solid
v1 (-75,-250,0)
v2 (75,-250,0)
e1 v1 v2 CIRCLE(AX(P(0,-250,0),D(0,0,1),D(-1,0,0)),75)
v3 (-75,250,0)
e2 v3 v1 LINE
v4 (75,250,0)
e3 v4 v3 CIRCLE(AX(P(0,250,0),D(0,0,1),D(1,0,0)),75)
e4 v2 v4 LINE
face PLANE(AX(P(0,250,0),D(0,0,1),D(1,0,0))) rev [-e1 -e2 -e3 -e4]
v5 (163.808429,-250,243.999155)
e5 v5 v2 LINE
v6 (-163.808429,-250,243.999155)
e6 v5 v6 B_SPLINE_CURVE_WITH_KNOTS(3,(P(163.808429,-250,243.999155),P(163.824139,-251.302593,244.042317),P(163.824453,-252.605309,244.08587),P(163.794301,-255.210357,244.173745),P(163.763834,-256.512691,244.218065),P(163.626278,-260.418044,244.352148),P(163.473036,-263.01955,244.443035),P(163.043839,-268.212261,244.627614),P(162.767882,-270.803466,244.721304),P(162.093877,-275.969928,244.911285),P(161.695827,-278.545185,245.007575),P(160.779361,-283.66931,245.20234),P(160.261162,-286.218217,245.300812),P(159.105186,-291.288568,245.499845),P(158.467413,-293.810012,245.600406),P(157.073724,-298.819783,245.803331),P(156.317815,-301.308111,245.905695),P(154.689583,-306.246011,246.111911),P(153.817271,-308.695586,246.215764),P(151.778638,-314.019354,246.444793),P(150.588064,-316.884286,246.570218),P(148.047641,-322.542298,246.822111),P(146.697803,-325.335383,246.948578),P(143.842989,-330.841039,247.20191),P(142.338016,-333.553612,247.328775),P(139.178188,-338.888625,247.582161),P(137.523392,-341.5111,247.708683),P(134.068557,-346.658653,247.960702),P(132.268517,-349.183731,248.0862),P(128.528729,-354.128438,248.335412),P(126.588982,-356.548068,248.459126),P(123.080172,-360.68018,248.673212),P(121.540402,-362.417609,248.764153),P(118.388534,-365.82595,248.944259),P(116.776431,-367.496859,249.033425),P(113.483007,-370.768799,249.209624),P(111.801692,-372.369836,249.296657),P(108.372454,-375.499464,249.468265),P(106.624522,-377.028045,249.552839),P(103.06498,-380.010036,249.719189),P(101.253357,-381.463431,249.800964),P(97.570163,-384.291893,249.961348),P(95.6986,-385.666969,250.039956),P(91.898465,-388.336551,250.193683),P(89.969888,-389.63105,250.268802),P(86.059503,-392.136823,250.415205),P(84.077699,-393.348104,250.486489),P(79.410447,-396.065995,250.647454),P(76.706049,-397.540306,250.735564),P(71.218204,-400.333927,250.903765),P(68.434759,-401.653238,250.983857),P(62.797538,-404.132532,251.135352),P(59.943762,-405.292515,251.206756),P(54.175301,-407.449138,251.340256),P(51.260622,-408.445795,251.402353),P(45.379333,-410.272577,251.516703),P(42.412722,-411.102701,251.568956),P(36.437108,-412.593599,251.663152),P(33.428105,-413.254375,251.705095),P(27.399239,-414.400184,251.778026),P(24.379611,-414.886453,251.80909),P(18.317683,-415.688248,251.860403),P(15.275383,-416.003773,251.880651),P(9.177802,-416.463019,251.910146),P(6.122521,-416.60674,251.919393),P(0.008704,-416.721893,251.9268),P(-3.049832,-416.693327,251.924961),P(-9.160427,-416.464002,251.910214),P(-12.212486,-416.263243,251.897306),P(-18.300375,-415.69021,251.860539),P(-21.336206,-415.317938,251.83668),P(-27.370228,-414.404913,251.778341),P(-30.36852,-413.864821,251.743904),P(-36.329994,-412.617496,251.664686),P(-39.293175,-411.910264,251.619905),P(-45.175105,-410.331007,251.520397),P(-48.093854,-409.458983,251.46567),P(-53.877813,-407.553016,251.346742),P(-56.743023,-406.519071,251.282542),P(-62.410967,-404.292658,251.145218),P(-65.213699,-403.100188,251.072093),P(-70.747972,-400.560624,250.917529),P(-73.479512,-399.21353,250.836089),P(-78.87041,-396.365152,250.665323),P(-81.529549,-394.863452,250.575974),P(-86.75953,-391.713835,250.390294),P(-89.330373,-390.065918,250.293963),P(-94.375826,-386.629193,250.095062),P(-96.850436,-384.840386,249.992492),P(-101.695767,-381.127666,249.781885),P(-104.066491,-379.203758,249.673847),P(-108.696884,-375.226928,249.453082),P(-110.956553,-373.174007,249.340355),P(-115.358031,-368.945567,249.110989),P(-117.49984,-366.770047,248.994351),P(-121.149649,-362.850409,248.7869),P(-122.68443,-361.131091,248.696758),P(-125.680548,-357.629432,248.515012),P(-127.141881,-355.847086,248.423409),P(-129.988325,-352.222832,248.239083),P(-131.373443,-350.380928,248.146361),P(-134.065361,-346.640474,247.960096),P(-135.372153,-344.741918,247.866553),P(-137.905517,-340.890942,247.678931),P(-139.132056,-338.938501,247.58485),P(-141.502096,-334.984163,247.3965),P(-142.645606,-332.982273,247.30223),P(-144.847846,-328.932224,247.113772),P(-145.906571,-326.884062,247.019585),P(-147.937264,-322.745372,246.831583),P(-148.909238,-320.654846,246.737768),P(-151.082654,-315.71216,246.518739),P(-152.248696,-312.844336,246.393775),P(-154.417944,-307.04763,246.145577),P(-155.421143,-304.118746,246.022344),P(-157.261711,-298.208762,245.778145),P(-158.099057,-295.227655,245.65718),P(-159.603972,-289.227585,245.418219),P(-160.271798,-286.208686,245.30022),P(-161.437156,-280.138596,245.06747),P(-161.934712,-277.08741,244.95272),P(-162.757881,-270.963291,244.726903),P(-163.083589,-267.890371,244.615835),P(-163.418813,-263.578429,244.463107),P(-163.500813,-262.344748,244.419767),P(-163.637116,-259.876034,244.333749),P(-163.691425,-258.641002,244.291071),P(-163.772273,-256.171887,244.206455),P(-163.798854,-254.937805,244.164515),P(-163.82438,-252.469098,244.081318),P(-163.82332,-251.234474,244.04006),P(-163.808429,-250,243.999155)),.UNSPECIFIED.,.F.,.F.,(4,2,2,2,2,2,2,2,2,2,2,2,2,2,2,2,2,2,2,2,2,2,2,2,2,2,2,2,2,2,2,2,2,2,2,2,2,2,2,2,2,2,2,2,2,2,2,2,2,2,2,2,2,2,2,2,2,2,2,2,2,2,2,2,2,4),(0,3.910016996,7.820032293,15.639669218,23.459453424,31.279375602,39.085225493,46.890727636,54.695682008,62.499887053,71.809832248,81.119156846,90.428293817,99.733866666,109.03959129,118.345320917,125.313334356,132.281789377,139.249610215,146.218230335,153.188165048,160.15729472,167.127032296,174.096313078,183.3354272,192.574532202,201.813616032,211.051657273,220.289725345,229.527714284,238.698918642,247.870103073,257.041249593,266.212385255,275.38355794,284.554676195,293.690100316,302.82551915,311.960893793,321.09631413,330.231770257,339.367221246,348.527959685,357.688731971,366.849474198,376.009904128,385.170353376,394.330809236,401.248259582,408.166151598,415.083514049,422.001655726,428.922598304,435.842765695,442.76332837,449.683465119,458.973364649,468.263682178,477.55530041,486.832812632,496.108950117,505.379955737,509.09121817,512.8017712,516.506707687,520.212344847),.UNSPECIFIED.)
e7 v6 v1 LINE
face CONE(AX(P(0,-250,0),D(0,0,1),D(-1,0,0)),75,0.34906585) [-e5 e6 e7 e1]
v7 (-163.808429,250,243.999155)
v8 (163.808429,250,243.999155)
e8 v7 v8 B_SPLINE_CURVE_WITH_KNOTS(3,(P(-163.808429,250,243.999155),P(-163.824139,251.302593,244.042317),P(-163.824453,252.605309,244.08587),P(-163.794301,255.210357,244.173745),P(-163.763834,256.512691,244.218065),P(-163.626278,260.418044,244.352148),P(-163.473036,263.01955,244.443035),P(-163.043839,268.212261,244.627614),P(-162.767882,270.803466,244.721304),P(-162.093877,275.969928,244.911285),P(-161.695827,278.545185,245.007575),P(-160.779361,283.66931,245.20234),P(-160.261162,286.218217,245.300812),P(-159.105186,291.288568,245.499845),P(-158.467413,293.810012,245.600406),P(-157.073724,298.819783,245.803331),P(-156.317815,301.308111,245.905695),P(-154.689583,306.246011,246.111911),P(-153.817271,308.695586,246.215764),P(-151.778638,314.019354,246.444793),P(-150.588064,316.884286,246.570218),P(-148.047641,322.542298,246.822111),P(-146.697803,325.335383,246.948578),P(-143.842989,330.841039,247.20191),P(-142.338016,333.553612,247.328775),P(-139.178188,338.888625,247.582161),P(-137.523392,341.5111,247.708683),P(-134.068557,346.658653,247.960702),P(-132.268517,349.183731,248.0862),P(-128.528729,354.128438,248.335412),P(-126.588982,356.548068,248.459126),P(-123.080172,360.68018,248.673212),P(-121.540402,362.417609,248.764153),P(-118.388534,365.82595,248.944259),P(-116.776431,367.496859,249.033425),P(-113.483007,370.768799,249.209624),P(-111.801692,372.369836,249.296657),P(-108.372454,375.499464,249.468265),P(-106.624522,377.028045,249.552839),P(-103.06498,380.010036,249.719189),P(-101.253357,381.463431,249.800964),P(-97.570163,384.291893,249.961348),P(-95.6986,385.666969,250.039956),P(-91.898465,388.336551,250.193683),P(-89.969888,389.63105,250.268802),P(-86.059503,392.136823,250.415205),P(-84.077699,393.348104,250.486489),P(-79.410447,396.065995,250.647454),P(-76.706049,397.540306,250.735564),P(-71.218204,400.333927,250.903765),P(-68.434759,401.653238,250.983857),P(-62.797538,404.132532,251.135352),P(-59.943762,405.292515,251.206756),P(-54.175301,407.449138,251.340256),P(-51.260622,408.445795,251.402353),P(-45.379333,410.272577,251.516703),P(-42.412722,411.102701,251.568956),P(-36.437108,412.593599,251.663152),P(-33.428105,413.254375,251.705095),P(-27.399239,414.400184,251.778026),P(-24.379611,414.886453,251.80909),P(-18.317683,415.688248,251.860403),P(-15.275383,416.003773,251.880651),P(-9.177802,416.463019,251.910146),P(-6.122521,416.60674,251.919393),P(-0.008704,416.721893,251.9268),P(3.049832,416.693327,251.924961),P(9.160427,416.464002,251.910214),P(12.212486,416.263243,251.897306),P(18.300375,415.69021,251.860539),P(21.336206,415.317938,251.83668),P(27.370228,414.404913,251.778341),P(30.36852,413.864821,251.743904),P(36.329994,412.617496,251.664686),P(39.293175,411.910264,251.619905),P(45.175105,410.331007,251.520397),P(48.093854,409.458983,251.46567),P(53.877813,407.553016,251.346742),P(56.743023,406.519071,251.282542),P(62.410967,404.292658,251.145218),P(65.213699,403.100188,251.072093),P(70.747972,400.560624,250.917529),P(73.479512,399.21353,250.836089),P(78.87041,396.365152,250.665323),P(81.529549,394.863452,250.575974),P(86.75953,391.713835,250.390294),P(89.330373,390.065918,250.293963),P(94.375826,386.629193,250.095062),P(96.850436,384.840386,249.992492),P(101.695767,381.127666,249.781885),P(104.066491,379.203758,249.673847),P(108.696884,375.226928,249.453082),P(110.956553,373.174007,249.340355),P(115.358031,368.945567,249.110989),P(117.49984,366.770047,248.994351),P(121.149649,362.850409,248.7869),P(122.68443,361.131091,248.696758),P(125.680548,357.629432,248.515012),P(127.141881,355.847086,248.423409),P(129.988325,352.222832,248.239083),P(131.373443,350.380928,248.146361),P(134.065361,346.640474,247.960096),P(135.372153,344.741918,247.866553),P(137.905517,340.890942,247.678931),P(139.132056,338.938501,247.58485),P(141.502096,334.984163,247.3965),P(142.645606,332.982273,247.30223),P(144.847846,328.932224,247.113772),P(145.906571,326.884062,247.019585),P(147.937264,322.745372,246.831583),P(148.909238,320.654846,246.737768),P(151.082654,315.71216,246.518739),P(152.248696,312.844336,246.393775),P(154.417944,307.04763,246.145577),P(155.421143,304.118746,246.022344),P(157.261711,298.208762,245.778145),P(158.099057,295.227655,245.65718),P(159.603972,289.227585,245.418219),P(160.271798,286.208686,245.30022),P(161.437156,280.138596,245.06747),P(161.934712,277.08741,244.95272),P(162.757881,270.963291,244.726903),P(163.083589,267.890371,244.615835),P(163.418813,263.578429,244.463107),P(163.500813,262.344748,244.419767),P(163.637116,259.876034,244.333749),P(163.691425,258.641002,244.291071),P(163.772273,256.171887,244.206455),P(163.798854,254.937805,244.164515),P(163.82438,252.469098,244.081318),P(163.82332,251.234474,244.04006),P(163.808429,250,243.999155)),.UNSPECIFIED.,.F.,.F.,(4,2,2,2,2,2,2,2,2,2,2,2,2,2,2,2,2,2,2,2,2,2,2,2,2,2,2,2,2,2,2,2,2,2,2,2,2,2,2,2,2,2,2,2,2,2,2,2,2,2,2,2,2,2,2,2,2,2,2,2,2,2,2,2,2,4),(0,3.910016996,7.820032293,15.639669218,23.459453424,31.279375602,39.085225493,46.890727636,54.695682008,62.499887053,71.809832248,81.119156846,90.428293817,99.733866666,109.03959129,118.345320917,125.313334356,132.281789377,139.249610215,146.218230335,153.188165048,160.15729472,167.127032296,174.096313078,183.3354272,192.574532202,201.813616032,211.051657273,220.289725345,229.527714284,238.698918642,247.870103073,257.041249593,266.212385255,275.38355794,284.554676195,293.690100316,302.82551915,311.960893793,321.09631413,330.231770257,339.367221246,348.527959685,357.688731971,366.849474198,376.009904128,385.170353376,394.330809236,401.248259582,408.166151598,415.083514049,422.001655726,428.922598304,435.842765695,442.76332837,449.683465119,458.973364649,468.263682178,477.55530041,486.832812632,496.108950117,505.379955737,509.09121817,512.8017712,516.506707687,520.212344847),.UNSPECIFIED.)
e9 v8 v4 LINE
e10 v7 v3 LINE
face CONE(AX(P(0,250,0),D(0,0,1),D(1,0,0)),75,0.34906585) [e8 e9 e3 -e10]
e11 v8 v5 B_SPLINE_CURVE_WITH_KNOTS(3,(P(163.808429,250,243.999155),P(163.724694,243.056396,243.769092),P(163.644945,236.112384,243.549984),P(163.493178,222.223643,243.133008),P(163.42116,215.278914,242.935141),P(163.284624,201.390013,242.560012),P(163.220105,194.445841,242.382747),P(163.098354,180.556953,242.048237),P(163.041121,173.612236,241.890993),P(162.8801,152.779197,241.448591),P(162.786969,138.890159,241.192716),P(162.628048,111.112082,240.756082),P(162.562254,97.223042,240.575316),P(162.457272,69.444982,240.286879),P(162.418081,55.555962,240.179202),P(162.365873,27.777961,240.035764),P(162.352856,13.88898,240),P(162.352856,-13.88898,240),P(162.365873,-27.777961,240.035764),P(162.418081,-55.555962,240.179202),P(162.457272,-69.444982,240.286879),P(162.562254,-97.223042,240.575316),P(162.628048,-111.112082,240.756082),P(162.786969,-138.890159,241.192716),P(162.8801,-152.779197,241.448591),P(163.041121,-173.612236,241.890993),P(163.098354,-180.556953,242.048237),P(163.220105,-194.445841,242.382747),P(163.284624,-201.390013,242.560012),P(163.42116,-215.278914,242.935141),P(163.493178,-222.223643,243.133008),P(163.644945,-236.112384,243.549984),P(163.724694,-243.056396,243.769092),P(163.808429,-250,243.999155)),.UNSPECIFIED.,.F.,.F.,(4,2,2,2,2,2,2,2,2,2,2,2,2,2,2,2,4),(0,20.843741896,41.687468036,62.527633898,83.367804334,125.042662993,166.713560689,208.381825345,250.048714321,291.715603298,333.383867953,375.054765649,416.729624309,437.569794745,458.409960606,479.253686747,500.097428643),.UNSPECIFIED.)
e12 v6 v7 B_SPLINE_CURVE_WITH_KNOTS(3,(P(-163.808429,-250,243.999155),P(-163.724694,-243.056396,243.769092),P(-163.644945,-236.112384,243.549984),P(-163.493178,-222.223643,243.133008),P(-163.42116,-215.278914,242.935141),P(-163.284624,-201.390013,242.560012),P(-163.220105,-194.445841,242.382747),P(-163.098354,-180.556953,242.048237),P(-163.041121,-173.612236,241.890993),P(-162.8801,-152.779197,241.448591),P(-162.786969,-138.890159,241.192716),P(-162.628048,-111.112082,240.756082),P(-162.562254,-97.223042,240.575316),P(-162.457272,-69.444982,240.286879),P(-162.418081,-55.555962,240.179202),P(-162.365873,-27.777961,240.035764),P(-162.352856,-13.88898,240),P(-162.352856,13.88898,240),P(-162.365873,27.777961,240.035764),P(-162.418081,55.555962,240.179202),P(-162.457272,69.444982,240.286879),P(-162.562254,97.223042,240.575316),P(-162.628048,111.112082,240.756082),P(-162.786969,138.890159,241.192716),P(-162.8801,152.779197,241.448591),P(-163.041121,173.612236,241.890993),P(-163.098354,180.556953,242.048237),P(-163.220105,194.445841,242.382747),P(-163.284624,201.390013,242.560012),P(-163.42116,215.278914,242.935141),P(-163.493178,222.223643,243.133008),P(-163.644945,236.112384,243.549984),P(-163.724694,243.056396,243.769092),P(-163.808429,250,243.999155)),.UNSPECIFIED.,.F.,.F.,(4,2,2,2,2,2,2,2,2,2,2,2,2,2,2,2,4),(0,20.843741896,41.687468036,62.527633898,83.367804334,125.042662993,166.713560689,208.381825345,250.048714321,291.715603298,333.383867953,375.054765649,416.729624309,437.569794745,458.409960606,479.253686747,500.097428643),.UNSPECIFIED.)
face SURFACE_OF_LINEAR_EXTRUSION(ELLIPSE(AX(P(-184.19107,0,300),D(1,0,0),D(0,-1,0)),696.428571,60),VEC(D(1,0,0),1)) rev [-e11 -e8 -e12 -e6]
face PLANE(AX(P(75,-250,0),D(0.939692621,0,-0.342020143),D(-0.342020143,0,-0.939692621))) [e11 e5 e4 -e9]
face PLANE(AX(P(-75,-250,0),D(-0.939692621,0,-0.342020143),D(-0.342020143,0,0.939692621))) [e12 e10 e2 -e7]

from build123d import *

# Parameters (mm, degrees)
RESSALTO_EXTRUS_O1_DEPTH   = 300
RESSALTO_EXTRUS_O1_TAPER   = -20
CORTE_EXTRUS_O1_DEPTH      = 185.19107038
CORTE_EXTRUS_O1_DEPTH_BACK = 185.19107038


with BuildPart() as part:
    # Esboço1 → Ressalto-extrusão1 (new body)
    with BuildSketch(Plane.XY):
        with BuildLine():
            Line((75, -250), (75, 250))
            ThreePointArc((75, 250), (0, 325), (-75, 250))
            Line((-75, 250), (-75, -250))
            ThreePointArc((-75, -250), (0, -325), (75, -250))
        make_face()
    extrude(amount=RESSALTO_EXTRUS_O1_DEPTH, taper=RESSALTO_EXTRUS_O1_TAPER)

    # Esboço4 → Corte-extrusão1 (cut, two sides)
    with BuildSketch(Plane(origin=(0, 0, 0), x_dir=(0, 0, -1), z_dir=(1, 0, 0))) as corte_extrus_o1_sk:
        with BuildLine():
            Line((-329.933259094, 603.571428571), (-300, 803.571428571))
            Line((-300, 803.571428571), (-270.066740906, 603.571428571))
            add(Edge.make_bspline(
                [(-329.933259094, 603.571428571), (-391.958337138, 189.14894388), (-345.979168569, -447.42728801), (-300, -1084.0035199), (-254.020831431, -447.42728801), (-208.041662862, 189.14894388), (-270.066740906, 603.571428571)],
                knots=[3.663907475, 3.663907475, 3.663907475, 5.410092697, 5.410092697, 7.156277918, 7.156277918, 8.902463139, 8.902463139, 8.902463139], degree=2, weights=[1, 0.642459696, 1, 0.642459696, 1, 0.642459696, 1]))
        make_face()
    extrude(amount=CORTE_EXTRUS_O1_DEPTH, mode=Mode.SUBTRACT)
    extrude(corte_extrus_o1_sk.sketch, amount=-CORTE_EXTRUS_O1_DEPTH_BACK, mode=Mode.SUBTRACT)


solid = part.part
